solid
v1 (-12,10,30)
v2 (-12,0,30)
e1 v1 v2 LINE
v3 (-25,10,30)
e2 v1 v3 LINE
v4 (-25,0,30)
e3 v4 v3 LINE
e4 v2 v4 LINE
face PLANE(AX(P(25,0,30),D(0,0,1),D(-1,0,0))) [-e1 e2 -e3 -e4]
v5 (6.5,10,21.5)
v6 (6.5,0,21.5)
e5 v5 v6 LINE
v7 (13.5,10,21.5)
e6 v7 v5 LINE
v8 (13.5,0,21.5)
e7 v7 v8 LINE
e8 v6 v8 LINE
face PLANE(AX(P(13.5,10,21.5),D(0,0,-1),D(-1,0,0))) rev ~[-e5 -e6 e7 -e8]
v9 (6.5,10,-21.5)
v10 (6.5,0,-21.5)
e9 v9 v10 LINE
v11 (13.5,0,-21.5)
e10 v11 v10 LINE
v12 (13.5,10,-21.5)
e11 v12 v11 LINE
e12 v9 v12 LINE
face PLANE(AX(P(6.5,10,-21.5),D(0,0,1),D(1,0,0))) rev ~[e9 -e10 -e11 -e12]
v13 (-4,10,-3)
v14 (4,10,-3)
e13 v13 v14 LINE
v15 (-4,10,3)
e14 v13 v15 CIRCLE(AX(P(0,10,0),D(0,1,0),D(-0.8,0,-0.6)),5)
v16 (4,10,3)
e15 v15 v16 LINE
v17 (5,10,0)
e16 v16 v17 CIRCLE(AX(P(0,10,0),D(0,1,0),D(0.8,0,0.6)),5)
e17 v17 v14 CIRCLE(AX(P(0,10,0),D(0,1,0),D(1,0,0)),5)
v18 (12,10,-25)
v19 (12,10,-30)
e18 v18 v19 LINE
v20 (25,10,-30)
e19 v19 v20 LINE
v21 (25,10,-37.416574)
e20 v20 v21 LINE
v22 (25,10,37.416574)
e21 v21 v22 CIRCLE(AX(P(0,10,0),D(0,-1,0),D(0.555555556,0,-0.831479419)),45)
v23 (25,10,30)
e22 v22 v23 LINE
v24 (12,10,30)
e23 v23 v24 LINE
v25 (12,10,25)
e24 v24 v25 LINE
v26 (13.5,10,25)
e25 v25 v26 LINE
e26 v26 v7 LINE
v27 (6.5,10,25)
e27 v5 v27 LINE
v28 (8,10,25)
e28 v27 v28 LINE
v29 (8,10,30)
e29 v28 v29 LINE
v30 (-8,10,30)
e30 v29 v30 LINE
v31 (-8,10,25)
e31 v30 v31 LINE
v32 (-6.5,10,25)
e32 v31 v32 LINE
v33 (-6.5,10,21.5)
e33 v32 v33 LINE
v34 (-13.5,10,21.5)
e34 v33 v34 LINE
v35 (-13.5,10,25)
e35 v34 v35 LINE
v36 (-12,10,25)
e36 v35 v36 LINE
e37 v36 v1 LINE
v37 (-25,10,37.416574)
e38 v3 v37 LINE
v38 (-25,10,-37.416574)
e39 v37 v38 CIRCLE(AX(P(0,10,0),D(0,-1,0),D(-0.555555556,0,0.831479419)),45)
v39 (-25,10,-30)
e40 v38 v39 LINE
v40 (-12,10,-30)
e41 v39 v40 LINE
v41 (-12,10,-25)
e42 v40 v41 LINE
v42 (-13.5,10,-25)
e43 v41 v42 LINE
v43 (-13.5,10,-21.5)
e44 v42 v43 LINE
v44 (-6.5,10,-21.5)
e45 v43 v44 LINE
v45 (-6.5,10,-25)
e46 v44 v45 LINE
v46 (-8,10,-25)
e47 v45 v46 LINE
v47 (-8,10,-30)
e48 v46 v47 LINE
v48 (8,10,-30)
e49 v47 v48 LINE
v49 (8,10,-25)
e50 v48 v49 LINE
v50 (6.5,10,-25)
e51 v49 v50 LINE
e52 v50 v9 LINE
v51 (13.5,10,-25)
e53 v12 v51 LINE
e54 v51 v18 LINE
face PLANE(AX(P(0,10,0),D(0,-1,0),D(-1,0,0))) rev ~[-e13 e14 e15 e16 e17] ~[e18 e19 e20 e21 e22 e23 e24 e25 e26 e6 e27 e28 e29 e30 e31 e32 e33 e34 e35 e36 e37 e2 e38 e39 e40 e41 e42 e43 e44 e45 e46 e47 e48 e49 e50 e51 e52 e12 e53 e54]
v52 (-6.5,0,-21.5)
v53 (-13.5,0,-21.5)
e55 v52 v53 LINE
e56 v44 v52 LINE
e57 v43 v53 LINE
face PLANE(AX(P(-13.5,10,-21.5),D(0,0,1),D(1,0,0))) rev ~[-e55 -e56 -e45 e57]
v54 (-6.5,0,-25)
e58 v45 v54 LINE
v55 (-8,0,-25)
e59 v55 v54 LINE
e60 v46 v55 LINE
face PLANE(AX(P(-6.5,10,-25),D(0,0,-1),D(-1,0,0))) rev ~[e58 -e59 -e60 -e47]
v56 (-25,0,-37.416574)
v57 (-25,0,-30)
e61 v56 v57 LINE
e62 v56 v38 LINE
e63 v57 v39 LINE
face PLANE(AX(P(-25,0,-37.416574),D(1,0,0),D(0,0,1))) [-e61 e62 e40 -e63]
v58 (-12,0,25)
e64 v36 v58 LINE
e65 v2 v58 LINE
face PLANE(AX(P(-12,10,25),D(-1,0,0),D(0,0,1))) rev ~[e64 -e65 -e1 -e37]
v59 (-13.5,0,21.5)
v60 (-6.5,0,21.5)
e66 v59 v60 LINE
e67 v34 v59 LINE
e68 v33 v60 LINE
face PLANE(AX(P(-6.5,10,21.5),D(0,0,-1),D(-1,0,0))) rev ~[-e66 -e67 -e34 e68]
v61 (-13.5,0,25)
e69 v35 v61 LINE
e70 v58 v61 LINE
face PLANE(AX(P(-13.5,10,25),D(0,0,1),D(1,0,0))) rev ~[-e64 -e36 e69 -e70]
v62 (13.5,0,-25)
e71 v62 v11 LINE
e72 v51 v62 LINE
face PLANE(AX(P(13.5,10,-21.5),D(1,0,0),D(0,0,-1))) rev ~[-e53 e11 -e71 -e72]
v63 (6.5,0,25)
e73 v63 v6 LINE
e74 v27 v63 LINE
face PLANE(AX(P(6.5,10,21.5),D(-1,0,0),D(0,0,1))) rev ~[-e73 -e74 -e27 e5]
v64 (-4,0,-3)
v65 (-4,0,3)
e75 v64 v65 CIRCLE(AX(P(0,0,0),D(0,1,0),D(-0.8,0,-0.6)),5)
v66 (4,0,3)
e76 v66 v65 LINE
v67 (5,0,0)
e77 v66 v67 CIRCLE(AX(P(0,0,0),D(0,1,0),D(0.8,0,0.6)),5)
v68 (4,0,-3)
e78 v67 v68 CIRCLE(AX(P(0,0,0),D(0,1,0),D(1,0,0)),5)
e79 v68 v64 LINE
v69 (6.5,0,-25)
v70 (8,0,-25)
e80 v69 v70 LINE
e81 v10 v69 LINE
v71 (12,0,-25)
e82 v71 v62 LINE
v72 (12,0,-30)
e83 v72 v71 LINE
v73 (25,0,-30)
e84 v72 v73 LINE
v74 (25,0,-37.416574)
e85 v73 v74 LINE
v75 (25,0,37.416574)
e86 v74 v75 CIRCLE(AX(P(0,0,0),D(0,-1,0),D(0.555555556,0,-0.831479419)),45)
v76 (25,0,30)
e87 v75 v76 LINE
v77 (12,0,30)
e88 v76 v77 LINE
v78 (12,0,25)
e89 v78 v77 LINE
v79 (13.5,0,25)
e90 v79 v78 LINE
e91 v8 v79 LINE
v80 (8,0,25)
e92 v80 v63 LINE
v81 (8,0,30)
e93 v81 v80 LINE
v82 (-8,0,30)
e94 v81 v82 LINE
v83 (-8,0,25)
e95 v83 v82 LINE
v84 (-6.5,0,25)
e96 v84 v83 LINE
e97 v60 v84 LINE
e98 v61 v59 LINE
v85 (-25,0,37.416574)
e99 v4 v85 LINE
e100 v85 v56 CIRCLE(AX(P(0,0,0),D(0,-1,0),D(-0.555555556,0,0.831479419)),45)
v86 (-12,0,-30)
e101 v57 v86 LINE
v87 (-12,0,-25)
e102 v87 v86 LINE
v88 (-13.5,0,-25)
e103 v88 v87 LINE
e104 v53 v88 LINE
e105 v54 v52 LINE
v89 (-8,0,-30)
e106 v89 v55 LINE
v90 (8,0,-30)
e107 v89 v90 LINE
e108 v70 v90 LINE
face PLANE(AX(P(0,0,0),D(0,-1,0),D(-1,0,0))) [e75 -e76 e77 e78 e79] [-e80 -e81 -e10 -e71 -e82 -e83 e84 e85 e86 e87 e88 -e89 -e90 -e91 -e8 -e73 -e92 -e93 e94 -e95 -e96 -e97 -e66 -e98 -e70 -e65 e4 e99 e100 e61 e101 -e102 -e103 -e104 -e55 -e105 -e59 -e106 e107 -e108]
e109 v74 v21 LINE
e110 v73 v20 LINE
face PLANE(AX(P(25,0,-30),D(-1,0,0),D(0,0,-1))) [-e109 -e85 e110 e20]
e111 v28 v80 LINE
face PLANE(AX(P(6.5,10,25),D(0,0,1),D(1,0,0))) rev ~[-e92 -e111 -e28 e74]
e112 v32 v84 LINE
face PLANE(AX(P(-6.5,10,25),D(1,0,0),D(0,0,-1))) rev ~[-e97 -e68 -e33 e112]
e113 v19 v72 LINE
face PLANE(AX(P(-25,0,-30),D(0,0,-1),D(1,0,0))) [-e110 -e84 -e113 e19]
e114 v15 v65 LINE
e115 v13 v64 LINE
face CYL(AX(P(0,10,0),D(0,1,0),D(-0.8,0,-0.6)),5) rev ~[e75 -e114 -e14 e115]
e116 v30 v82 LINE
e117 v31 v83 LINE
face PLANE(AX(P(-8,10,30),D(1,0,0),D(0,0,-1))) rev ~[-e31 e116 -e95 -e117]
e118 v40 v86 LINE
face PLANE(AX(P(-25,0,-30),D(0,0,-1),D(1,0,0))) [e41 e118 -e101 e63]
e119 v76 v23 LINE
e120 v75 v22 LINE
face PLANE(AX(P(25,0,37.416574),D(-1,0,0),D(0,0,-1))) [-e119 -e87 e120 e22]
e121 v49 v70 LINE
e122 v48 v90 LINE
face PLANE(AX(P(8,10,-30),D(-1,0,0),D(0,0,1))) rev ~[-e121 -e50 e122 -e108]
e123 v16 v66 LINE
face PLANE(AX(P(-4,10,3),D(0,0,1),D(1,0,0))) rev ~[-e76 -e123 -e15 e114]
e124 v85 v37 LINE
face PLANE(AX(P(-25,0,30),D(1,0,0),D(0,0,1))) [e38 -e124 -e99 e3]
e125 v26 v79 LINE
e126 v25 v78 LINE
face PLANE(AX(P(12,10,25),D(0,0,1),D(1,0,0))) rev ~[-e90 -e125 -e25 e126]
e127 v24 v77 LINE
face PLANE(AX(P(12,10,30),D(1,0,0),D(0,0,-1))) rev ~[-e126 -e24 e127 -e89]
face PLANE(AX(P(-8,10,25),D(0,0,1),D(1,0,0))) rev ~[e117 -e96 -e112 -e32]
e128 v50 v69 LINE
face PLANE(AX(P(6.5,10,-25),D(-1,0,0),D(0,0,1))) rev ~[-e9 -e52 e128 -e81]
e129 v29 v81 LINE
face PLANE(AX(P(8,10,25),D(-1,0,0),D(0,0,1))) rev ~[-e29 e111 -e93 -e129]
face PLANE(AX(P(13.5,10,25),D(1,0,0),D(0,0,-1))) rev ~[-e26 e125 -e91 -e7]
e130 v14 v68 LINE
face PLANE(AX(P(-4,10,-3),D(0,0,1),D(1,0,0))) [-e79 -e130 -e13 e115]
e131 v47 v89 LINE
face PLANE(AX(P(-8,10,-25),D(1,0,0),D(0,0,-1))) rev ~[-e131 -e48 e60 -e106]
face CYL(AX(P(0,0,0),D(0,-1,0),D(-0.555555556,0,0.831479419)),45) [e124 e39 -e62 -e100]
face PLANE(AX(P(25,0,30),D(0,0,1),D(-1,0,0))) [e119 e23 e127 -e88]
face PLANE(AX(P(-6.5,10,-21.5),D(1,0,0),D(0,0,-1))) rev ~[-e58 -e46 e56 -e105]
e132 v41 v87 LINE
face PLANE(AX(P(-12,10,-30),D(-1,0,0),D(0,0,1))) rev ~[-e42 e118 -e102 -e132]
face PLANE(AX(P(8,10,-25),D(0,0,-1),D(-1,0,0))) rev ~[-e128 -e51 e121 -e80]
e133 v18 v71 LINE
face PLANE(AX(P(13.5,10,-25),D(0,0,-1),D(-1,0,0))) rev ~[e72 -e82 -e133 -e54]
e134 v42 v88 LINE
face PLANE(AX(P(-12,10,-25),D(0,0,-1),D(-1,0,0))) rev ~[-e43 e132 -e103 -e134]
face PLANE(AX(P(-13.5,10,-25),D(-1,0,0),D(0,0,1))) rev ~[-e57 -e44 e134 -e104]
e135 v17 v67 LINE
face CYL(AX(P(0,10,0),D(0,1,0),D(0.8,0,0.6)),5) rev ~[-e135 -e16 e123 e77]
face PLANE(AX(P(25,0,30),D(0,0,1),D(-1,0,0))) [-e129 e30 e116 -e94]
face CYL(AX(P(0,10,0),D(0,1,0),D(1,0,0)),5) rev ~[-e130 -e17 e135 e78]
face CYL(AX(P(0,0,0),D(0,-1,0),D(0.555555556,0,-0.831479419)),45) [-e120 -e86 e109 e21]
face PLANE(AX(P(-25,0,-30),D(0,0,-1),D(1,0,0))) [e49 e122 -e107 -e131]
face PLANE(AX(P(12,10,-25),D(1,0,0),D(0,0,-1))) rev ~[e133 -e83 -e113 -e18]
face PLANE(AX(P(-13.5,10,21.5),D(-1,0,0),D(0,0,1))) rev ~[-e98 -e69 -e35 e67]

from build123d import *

# Parameters (mm, degrees)
ESTRUSIONE_ESTRUSIONE1_DEPTH = 10
SCHIZZO3_W                   = 8
SCHIZZO3_H                   = 6
TAGLIO_ESTRUSIONE2_DEPTH     = 60.371710435
TAGLIO_ESTRUSIONE3_DEPTH     = 60.371710435


with BuildPart() as part:
    # Schizzo1 → Estrusione-Estrusione1 (new body)
    with BuildSketch(Plane(origin=(0, 0, 0), x_dir=(1, 0, 0), z_dir=(0, 1, 0))):
        with BuildLine():
            Line((-25, 37.416573868), (-25, 30))
            Line((-25, 30), (25, 30))
            Line((25, 30), (25, 37.416573868))
            ThreePointArc((25, 37.416573868), (45, 0), (25, -37.416573868))
            Line((25, -37.416573868), (25, -30))
            Line((25, -30), (-25, -30))
            Line((-25, -30), (-25, -37.416573868))
            ThreePointArc((-25, -37.416573868), (-45, 0), (-25, 37.416573868))
        make_face()
    extrude(amount=ESTRUSIONE_ESTRUSIONE1_DEPTH)

    # Schizzo3 → Taglio-Estrusione2 (cut, through all)
    with BuildSketch(Plane(origin=(0, 10, 0), x_dir=(1, 0, 0), z_dir=(0, 1, 0))):
        with BuildLine():
            Line((-4, -3), (-4, 3))
            ThreePointArc((-4, 3), (-5, 0), (-4, -3))
        make_face()
        Rectangle(SCHIZZO3_W, SCHIZZO3_H)
        with BuildLine():
            ThreePointArc((5, 0), (4.74341649, 1.58113883), (4, 3))
            Line((4, 3), (4, -3))
            ThreePointArc((4, -3), (4.74341649, -1.58113883), (5, 0))
        make_face()
    extrude(amount=-TAGLIO_ESTRUSIONE2_DEPTH, mode=Mode.SUBTRACT)

    # Schizzo5 → Taglio-Estrusione3 (cut, through all)
    with BuildSketch(Plane(origin=(0, 10, 0), x_dir=(1, 0, 0), z_dir=(0, 1, 0))):
        Polygon((8, -25), (8, -28.5), (8, -30), (12, -30), (12, -27), (12, -25), (13.5, -25), (13.5, -21.5), (6.5, -21.5), (6.5, -25), align=None)
        Polygon((-13.5, 21.5), (-6.5, 21.5), (-6.5, 25), (-8, 25), (-8, 28.5), (-8, 30), (-12, 30), (-12, 28.5), (-12, 25), (-13.5, 25), align=None)
        Polygon((6.5, 21.5), (13.5, 21.5), (13.5, 25), (12, 25), (12, 27), (12, 30), (8, 30), (8, 28.5), (8, 25), (6.5, 25), align=None)
        Polygon((-8, -28.5), (-8, -25), (-6.5, -25), (-6.5, -21.5), (-13.5, -21.5), (-13.5, -25), (-12, -25), (-12, -28.5), (-12, -30), (-8, -30), align=None)
    extrude(amount=-TAGLIO_ESTRUSIONE3_DEPTH, mode=Mode.SUBTRACT)


solid = part.part
